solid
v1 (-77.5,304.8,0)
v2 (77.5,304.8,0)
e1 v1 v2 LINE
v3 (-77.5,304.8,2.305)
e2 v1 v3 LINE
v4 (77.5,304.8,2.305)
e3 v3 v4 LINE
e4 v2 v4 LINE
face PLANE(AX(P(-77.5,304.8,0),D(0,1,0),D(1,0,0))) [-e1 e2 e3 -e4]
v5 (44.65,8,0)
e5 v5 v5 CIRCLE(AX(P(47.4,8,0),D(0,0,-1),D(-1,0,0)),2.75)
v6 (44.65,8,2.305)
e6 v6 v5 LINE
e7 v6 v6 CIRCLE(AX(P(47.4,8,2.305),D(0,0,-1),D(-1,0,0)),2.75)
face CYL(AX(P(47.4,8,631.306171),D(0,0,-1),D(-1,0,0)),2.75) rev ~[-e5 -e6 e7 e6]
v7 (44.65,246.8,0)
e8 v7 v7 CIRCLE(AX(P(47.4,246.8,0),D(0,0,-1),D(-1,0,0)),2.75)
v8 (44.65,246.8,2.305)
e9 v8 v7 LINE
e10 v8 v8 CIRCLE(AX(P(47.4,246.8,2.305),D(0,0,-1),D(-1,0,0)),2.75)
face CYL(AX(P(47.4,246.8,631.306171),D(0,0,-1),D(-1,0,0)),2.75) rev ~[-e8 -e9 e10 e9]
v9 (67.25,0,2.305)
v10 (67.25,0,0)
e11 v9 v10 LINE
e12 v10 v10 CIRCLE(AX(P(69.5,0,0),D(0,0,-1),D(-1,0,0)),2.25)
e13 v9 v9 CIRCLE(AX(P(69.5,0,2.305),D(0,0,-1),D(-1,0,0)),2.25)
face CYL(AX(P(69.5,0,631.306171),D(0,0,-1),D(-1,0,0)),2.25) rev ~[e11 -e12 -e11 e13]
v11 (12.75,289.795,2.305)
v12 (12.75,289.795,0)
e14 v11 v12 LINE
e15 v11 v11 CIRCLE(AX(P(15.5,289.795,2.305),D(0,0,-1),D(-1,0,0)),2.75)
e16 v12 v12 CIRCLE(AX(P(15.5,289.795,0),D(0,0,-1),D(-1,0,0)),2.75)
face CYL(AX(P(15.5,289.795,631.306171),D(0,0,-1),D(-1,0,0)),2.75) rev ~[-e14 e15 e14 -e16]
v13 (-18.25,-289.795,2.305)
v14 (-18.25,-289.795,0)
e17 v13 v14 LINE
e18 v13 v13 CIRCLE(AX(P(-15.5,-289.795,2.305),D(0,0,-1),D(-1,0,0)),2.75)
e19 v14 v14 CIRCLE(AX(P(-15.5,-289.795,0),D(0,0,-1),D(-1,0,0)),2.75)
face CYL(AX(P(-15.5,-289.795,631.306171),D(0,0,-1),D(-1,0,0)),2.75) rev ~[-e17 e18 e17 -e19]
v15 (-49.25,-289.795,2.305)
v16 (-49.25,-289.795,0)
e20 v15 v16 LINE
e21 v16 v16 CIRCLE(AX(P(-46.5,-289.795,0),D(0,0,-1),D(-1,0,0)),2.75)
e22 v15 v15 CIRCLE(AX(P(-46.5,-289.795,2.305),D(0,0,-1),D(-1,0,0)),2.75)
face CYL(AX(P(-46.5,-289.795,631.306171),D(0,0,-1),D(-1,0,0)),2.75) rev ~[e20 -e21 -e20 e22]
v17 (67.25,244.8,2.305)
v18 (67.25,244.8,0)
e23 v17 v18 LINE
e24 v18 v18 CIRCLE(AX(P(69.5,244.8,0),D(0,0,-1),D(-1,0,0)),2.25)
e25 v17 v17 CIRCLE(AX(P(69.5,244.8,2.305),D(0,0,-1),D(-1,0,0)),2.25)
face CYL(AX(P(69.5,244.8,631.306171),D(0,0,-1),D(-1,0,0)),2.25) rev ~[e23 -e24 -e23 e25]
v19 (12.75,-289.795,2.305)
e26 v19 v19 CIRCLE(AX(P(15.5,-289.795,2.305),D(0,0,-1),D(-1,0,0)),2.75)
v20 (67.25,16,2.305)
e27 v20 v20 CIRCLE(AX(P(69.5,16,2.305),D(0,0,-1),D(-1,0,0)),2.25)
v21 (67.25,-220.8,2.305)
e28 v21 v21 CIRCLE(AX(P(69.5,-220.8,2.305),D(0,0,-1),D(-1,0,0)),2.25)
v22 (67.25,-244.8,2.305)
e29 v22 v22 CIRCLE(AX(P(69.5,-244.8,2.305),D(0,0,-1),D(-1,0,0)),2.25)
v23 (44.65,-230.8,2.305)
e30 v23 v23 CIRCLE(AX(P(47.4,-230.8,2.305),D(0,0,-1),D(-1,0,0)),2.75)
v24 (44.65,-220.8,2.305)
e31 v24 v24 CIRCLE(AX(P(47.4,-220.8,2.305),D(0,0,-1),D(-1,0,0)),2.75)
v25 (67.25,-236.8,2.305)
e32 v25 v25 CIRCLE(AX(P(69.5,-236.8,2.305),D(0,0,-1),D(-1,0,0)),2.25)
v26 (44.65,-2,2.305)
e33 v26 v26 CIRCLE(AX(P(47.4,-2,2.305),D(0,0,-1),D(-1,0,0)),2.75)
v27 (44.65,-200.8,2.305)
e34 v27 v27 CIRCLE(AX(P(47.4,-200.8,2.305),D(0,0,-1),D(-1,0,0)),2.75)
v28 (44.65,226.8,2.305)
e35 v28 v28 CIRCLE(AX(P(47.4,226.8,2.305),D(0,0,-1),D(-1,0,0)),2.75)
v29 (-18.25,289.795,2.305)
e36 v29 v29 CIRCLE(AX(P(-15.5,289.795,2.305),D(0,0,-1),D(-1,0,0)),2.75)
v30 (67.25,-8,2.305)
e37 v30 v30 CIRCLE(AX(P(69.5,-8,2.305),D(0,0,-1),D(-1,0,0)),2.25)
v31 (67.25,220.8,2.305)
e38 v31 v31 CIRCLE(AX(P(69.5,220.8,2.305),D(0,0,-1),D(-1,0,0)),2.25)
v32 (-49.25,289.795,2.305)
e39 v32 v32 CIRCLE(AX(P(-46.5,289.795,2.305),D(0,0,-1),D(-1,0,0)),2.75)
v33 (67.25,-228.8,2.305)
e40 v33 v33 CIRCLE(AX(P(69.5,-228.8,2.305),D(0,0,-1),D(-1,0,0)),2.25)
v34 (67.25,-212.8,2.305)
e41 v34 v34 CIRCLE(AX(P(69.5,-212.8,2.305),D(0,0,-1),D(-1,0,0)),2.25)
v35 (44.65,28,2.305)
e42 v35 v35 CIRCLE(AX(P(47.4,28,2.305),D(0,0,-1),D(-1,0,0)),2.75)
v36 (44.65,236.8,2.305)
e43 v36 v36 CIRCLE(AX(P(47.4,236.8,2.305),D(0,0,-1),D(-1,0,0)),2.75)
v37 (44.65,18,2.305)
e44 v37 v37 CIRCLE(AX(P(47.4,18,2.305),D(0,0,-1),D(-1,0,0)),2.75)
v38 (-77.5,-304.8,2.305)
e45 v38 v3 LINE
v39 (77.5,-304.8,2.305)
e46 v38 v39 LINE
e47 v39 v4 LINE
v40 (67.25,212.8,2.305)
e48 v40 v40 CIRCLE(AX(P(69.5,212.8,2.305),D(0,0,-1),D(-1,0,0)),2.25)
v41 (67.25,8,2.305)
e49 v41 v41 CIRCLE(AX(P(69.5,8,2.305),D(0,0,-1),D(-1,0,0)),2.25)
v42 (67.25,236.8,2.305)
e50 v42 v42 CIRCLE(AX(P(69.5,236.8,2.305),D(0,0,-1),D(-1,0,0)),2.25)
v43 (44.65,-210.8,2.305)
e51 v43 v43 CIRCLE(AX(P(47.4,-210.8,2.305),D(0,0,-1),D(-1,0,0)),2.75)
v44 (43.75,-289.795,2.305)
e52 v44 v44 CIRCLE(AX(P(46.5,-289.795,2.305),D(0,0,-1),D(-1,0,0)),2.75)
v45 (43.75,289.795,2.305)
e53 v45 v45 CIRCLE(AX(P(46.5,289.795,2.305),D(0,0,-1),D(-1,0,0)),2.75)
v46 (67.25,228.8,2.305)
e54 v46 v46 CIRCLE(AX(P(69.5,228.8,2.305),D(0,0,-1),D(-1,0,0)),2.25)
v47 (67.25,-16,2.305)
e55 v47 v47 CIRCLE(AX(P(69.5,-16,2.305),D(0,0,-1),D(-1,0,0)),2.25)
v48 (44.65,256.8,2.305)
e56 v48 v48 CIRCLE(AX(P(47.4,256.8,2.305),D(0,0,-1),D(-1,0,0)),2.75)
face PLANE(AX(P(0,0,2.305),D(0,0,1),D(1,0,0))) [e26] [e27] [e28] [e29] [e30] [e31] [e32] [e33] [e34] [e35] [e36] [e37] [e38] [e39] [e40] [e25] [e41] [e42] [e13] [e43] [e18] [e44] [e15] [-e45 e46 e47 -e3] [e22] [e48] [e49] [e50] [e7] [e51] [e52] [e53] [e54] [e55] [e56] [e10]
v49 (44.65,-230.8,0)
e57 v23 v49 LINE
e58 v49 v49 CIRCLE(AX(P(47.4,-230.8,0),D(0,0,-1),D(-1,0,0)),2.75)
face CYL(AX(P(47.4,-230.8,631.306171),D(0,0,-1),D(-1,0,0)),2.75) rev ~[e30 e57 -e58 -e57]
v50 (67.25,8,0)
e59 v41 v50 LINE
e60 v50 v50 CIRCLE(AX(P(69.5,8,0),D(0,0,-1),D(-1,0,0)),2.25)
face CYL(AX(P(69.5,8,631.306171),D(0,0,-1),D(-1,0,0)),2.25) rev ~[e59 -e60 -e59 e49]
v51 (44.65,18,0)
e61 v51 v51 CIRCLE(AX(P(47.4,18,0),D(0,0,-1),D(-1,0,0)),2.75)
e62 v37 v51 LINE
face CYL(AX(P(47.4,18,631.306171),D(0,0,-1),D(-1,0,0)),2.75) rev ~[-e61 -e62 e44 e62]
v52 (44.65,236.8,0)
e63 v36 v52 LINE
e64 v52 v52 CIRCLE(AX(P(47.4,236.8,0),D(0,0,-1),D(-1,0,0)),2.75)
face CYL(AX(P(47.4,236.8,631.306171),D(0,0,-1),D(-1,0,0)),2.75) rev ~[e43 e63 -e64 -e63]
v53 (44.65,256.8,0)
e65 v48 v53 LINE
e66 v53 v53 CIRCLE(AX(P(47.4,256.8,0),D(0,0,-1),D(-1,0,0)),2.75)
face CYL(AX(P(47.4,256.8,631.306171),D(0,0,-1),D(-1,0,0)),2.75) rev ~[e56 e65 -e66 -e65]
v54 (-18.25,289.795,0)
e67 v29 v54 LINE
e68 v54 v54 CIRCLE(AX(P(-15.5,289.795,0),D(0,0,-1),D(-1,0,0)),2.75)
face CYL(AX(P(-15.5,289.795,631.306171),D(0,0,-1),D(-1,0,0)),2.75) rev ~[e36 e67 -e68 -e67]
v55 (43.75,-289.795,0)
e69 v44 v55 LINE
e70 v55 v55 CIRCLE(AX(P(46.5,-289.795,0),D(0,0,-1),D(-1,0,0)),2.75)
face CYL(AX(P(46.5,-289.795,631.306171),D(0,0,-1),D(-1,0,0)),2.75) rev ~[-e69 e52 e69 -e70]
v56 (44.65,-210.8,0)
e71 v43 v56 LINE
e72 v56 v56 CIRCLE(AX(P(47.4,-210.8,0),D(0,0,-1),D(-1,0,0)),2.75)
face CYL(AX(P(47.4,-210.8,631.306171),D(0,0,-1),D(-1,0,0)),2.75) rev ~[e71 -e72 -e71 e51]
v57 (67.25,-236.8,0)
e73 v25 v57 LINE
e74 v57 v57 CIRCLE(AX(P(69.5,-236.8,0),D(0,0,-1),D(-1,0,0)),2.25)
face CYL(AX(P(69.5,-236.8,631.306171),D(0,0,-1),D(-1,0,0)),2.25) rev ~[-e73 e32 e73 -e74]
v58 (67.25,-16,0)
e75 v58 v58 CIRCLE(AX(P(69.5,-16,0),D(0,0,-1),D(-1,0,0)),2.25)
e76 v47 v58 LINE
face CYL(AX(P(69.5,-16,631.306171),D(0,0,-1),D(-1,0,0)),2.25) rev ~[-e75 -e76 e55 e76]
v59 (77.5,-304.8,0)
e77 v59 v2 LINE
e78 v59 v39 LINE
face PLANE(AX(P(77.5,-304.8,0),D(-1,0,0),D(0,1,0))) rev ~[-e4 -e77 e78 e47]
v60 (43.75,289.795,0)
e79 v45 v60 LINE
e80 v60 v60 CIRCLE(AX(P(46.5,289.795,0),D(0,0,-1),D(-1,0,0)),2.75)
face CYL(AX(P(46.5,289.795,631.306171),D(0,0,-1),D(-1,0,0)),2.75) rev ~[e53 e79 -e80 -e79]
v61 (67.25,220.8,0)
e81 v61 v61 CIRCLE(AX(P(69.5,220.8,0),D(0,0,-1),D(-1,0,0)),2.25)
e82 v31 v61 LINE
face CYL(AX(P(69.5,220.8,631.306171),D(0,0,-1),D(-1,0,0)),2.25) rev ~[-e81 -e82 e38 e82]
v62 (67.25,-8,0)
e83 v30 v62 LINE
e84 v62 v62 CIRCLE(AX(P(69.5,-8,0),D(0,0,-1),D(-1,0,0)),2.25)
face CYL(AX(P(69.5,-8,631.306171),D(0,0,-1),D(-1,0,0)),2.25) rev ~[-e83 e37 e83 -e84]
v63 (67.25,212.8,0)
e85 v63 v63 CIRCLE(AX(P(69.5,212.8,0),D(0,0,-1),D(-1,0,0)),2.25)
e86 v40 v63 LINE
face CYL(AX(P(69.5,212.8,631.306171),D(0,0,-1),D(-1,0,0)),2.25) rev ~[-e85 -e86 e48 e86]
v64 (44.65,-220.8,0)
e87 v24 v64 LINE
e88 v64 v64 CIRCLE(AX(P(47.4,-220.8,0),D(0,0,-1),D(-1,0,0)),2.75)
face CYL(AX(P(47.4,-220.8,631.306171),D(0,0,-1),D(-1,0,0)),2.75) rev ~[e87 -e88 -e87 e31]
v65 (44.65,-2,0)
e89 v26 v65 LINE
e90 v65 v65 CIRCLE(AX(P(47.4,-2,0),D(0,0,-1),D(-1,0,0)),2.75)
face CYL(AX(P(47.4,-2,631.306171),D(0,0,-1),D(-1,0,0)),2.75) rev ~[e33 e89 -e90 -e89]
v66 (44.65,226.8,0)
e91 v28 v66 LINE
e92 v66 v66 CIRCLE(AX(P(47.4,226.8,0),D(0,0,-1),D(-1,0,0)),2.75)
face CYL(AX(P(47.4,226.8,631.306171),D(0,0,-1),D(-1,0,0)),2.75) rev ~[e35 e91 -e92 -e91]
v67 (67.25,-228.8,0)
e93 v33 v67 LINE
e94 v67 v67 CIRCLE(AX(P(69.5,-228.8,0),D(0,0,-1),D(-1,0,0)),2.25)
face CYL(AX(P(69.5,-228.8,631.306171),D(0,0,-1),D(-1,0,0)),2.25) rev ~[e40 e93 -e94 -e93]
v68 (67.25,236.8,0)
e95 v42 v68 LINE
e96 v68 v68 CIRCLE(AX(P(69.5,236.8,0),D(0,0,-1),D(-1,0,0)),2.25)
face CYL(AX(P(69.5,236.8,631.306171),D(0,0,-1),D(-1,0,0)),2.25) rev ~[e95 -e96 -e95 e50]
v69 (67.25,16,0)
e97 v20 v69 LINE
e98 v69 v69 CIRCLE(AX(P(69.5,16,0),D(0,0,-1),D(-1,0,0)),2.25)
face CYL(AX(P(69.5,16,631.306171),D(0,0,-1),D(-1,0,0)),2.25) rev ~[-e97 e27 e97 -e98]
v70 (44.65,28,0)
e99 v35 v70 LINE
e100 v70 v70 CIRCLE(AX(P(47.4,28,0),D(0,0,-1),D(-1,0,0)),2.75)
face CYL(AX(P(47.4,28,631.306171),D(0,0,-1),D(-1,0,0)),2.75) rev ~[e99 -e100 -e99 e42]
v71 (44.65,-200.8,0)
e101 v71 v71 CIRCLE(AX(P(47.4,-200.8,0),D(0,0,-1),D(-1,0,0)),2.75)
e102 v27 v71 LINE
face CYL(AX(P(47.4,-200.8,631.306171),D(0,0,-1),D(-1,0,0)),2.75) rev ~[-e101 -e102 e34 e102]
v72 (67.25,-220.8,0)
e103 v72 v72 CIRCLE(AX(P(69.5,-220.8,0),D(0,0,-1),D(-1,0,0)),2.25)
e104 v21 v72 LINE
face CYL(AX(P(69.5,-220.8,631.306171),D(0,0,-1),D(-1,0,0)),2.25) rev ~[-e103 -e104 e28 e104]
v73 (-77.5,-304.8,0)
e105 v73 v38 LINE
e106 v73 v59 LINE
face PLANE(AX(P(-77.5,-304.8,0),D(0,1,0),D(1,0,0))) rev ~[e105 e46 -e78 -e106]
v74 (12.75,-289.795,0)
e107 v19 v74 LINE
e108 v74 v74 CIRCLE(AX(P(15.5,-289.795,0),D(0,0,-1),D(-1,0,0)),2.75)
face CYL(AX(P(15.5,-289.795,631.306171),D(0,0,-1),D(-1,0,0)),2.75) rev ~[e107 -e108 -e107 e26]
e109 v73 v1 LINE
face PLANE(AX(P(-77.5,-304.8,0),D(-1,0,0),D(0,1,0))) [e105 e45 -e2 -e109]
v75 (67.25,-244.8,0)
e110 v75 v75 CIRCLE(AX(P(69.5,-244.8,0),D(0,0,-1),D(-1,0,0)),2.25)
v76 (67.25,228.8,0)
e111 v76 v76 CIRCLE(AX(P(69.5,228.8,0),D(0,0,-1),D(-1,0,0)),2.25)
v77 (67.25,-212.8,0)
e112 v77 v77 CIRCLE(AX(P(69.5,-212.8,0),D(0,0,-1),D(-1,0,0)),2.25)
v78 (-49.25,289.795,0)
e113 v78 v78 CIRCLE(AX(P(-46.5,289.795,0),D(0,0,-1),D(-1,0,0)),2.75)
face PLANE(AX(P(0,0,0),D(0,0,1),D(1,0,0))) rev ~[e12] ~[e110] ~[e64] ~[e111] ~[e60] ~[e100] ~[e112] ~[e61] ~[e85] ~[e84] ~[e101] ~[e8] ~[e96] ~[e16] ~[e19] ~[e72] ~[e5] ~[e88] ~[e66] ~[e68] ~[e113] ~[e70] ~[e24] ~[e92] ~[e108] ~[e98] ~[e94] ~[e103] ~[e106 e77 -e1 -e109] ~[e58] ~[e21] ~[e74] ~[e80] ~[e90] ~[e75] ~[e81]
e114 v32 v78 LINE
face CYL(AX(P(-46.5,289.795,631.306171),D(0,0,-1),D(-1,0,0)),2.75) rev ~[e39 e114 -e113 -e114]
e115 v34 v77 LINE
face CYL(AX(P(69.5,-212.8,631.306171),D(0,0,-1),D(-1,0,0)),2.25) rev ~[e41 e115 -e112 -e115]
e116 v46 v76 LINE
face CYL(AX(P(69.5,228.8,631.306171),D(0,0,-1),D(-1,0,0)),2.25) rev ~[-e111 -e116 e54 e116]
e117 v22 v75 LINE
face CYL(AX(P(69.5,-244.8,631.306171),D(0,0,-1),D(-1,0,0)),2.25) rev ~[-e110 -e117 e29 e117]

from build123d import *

# Parameters (mm, degrees)
SKETCH1_W            = 155
SKETCH1_H            = 609.6
BOSS_EXTRUDE1_DEPTH  = 2.305
M4_CLEARANCE_HOLE1_D = 4.5
M5_CLEARANCE_HOLE1_D = 5.5


with BuildPart() as part:
    # Sketch1 → Boss-Extrude1 (new body)
    with BuildSketch(Plane.XY):
        Rectangle(SKETCH1_W, SKETCH1_H)
    extrude(amount=BOSS_EXTRUDE1_DEPTH)

    # M4 Clearance Hole1 (through all)
    with Locations(Plane.XY.offset(2.305)):
        with Locations((69.5, 228.8), (69.5, 244.8), (69.5, 236.8), (69.5, 220.8), (69.5, 212.8), (69.5, 16), (69.5, 8), (69.5, 0), (69.5, -8), (69.5, -16), (69.5, -212.8), (69.5, -220.8), (69.5, -228.8), (69.5, -236.8), (69.5, -244.8)):
            Hole(M4_CLEARANCE_HOLE1_D / 2)

    # M5 Clearance Hole1 (through all)
    with Locations(Plane.XY.offset(2.305)):
        with Locations((-46.5, -289.795), (-15.5, -289.795), (15.5, -289.795), (46.5, -289.795), (-46.5, 289.795), (-15.5, 289.795), (15.5, 289.795), (46.5, 289.795), (47.4, -230.8), (47.4, -220.8), (47.4, -210.8), (47.4, -200.8), (47.4, -2), (47.4, 8), (47.4, 18), (47.4, 28), (47.4, 226.8), (47.4, 236.8), (47.4, 246.8), (47.4, 256.8)):
            Hole(M5_CLEARANCE_HOLE1_D / 2)


solid = part.part
